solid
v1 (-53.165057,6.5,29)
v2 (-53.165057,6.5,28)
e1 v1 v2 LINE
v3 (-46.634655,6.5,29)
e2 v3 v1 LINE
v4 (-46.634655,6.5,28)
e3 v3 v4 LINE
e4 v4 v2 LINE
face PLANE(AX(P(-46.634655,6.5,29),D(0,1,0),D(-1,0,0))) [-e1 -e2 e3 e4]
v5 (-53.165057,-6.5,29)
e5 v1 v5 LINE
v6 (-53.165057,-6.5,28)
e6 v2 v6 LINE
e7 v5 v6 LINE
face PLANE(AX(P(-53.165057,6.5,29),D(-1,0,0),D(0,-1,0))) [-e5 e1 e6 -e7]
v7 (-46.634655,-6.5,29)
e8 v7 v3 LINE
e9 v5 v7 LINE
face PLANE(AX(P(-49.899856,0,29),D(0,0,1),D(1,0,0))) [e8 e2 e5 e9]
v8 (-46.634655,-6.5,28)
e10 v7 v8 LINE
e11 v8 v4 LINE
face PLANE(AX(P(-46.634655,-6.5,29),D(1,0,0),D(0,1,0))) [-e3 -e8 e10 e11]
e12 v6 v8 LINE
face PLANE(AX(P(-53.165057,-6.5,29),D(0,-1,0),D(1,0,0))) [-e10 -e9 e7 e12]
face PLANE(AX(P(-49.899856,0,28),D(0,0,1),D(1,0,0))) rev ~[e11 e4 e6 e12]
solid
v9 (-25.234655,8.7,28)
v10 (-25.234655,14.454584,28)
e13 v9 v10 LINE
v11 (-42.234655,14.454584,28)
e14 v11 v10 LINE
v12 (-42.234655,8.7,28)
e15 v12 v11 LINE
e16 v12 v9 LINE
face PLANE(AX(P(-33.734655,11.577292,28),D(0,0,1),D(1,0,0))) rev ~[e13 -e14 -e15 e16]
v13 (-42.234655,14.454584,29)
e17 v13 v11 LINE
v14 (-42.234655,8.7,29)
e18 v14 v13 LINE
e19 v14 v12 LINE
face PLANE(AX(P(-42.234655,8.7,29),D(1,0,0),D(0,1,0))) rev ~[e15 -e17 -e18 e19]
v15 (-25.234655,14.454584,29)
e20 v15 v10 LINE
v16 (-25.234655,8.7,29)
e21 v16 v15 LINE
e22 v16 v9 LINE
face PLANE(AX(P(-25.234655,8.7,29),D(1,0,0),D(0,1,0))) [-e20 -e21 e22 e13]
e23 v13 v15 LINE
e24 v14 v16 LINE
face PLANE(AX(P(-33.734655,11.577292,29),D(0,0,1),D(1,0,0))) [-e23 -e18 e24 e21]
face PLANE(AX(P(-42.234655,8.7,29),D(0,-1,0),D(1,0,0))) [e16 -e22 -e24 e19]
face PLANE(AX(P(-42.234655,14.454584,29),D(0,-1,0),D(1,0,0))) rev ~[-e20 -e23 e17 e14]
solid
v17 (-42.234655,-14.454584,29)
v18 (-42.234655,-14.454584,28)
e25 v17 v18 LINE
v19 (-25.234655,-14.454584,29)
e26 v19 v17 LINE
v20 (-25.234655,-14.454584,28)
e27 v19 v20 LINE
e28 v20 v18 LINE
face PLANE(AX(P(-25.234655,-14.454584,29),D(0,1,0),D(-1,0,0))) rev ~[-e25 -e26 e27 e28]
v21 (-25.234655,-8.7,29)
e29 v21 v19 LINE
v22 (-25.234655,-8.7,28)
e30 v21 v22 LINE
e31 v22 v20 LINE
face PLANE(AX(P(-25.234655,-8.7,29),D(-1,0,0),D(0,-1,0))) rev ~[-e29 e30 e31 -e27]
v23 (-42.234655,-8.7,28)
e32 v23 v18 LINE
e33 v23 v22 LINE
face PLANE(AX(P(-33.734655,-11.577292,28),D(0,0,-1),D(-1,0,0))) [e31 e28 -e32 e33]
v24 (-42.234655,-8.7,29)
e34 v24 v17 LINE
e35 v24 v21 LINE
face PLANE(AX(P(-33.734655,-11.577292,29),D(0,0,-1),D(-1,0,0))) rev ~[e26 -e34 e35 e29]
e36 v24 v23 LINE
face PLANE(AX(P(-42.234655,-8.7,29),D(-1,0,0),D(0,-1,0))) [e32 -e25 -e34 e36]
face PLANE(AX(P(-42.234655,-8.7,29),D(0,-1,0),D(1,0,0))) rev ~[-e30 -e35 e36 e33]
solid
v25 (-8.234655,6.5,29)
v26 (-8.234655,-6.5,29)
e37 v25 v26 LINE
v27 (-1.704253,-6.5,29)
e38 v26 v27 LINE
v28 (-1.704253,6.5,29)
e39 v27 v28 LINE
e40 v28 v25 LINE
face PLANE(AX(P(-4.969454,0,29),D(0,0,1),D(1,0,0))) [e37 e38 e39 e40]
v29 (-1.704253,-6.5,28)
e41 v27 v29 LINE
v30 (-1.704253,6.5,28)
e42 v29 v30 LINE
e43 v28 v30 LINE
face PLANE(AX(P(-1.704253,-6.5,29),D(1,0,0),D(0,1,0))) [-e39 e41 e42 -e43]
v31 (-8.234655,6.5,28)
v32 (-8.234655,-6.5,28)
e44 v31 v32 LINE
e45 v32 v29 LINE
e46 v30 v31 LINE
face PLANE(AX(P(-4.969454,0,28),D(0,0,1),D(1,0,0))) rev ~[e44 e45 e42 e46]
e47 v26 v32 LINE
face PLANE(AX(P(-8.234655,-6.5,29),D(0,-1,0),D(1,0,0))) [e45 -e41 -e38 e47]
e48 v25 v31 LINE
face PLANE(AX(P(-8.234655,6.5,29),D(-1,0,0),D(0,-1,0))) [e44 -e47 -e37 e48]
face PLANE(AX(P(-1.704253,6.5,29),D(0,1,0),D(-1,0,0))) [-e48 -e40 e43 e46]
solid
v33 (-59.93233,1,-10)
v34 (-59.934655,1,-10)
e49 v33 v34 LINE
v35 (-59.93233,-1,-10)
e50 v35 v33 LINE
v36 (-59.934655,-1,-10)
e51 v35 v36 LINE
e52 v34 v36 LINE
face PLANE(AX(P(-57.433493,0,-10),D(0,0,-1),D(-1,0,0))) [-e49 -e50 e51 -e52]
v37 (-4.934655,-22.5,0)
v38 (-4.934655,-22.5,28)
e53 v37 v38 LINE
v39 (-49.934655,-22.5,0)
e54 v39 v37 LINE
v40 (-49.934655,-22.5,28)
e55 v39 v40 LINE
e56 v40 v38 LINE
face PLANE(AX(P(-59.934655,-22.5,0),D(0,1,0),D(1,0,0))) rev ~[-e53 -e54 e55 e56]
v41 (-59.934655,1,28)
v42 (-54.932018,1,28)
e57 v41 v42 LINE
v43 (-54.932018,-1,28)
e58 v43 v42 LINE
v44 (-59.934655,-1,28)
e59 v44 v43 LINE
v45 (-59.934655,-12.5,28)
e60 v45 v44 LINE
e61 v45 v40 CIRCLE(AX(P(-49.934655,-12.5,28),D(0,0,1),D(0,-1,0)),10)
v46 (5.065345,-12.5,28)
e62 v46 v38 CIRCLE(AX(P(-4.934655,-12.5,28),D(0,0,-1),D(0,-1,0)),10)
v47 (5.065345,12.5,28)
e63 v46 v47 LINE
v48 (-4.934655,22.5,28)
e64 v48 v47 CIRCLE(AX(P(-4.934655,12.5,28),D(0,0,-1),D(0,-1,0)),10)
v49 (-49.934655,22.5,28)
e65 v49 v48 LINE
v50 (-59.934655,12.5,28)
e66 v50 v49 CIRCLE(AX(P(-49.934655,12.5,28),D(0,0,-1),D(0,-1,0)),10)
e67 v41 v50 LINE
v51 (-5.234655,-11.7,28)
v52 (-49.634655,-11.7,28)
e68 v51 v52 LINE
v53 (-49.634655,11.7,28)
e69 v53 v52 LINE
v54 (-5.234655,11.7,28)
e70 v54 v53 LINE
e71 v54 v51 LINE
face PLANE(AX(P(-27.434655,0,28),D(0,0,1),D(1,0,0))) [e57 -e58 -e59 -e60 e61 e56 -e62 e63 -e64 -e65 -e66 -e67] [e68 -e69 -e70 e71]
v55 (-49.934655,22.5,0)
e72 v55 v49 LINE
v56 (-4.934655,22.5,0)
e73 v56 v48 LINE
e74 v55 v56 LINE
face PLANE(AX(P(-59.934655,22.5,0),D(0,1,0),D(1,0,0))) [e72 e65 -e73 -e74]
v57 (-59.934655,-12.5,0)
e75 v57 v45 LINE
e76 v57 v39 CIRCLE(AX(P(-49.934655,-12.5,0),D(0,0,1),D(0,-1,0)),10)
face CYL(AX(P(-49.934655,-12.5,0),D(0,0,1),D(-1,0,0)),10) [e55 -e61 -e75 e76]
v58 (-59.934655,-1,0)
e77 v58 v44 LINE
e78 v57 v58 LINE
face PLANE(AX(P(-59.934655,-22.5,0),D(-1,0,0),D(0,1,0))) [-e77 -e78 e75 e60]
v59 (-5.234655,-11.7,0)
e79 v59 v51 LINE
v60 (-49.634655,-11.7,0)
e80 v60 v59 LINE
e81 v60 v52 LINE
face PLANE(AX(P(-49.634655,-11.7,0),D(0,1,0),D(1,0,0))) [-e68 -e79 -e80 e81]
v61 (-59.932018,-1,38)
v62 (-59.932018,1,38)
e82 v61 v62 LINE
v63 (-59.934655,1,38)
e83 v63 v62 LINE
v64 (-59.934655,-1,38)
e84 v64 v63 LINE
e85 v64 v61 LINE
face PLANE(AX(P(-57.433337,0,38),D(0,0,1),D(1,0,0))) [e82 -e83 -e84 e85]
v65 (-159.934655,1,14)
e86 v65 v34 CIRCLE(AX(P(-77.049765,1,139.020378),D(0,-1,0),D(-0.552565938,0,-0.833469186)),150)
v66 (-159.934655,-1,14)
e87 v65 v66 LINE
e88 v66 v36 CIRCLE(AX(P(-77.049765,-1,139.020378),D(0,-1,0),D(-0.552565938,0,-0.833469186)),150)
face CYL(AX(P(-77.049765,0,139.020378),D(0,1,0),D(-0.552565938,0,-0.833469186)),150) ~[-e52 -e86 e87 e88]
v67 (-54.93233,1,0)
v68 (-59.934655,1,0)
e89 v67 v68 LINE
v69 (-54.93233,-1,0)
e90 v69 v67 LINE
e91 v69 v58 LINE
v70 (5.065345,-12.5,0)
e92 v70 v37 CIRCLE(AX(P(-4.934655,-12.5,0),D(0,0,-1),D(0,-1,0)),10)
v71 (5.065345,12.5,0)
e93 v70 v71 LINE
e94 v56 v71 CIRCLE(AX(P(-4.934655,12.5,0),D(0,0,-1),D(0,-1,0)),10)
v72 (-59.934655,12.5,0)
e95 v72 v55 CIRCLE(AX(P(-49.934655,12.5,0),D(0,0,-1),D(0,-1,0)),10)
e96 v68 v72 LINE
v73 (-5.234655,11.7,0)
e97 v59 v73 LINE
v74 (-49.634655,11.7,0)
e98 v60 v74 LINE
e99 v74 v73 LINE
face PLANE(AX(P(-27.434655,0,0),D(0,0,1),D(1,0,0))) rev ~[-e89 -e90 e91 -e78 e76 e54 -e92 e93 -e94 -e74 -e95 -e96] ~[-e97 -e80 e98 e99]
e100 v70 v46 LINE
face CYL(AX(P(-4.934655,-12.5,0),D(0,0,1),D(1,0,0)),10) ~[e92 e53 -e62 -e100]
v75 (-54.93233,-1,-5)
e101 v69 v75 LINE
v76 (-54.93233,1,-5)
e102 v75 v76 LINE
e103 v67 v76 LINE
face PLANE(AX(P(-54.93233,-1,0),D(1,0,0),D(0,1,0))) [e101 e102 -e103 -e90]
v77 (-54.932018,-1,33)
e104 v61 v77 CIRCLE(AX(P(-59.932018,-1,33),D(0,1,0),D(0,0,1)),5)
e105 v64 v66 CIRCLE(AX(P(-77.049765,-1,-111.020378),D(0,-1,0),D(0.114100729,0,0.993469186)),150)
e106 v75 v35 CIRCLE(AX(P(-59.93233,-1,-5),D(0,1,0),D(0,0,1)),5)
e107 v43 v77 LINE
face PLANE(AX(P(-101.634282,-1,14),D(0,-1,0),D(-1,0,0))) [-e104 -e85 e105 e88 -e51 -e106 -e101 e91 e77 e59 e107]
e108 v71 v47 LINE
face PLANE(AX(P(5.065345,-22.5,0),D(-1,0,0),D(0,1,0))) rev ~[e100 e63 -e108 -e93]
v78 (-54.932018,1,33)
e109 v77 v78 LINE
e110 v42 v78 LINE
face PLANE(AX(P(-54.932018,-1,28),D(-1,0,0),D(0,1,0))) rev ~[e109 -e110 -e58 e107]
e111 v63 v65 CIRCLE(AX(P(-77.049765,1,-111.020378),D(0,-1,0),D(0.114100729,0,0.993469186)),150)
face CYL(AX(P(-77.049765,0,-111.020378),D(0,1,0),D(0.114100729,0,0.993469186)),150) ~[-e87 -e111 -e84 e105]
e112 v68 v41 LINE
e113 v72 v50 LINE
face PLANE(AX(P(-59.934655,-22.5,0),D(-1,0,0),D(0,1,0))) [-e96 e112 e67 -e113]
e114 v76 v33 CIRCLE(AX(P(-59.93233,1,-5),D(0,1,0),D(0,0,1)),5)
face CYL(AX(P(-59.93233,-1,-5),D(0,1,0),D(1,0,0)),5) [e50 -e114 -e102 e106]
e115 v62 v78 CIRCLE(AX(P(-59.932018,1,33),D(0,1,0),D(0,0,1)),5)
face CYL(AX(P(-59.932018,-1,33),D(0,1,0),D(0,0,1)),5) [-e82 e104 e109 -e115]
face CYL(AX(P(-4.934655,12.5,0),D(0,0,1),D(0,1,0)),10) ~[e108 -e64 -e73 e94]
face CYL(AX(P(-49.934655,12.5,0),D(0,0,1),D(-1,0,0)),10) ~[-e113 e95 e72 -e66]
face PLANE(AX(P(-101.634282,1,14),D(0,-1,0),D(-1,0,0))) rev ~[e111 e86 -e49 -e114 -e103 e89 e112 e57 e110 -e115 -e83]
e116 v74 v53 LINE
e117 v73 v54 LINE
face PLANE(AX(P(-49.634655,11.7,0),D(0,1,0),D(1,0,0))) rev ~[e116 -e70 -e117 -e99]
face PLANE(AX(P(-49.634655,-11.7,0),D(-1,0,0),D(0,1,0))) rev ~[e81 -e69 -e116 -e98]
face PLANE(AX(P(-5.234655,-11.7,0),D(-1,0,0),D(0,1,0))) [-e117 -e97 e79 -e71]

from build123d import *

# Parameters (mm, degrees)
SKETCH_1_W           = 65
SKETCH_1_H           = 45
EXTRUDE_1_DEPTH      = 28
SKETCH_2_W           = 44.4
SKETCH_2_H           = 23.4
CUT_EXTRUDE_1_DEPTH  = 39
FILLET_1_R           = 10
FILLET_2_R           = 10
FILLET_3_R           = 10
FILLET_4_R           = 10
EXTRUDE_6_DEPTH      = 1
EXTRUDE_6_2_DEPTH    = 1
EXTRUDE_6_3_DEPTH    = 1
SKETCH_10_W          = 17
SKETCH_10_H          = 5.754584259
EXTRUDE_6_4_DEPTH    = 1
SKETCH_20_W          = 5.002637397
SKETCH_20_H          = 2
EXTRUDE_7_DEPTH      = 10
SKETCH_21_W          = 5.00232547
SKETCH_21_H          = 2
EXTRUDE_8_DEPTH      = 10
EXTRUDE_9_DEPTH      = 1
EXTRUDE_9_DEPTH_BACK = 1
FILLET_5_R           = 5
FILLET_6_R           = 5


with BuildPart() as part:
    # 草圖1 → 填料-伸長1 (new body)
    with BuildSketch(Plane.XY):
        with Locations((-27.434655272, 0)):
            Rectangle(SKETCH_1_W, SKETCH_1_H)
    extrude(amount=EXTRUDE_1_DEPTH)

    # 草圖2 → 除料-伸長1 (cut)
    with BuildSketch(Plane.XY):
        with Locations((-27.434655272, 0)):
            Rectangle(SKETCH_2_W, SKETCH_2_H)
    extrude(amount=CUT_EXTRUDE_1_DEPTH, mode=Mode.SUBTRACT)

    # 圓角1
    fillet_1_edges = [part.edges().sort_by_distance(p)[0] for p in [
        (-59.934655272, -22.5, 14),
    ]]
    fillet(fillet_1_edges, radius=FILLET_1_R)

    # 圓角2
    fillet_2_edges = [part.edges().sort_by_distance(p)[0] for p in [
        (-59.934655272, 22.5, 14),
    ]]
    fillet(fillet_2_edges, radius=FILLET_2_R)

    # 圓角3
    fillet_3_edges = [part.edges().sort_by_distance(p)[0] for p in [
        (5.065344728, 22.5, 14),
    ]]
    fillet(fillet_3_edges, radius=FILLET_3_R)

    # 圓角4
    fillet_4_edges = [part.edges().sort_by_distance(p)[0] for p in [
        (5.065344728, -22.5, 14),
    ]]
    fillet(fillet_4_edges, radius=FILLET_4_R)

    # 草圖20 → 填料-伸長7 (add)
    with BuildSketch(Plane.XY.offset(28)):
        with Locations((-57.433336574, 0)):
            Rectangle(SKETCH_20_W, SKETCH_20_H)
    extrude(amount=EXTRUDE_7_DEPTH)

    # 草圖21 → 填料-伸長8 (add)
    with BuildSketch(Plane(origin=(0, 0, 0), x_dir=(-1, 0, 0), z_dir=(0, 0, -1))):
        with Locations((57.433492537, 0)):
            Rectangle(SKETCH_21_W, SKETCH_21_H)
    extrude(amount=EXTRUDE_8_DEPTH)

    # 草圖22 → 填料-伸長9 (add, two sides)
    with BuildSketch(Plane(origin=(0, 0, 0), x_dir=(1, 0, 0), z_dir=(0, 1, 0))) as extrude_9_sk:
        with BuildLine():
            Line((-59.934655272, 10), (-59.934655272, -38))
            ThreePointArc((-59.934655272, -38), (-112.055707444, -34.837717383), (-159.934655272, -14))
            ThreePointArc((-159.934655272, -14), (-112.055707444, 6.837717383), (-59.934655272, 10))
        make_face()
    extrude(amount=EXTRUDE_9_DEPTH)
    extrude(extrude_9_sk.sketch, amount=-EXTRUDE_9_DEPTH_BACK)

    # 圓角5
    fillet_5_edges = [part.edges().sort_by_distance(p)[0] for p in [
        (-54.932329802, 0, -10),
    ]]
    fillet(fillet_5_edges, radius=FILLET_5_R)

    # 圓角6
    fillet_6_edges = [part.edges().sort_by_distance(p)[0] for p in [
        (-54.932017875, 0, 38),
    ]]
    fillet(fillet_6_edges, radius=FILLET_6_R)


with BuildPart() as body_2:
    # 草圖10 → 填料-伸長6 (new body)
    with BuildSketch(Plane.XY.offset(29)):
        Polygon((-49.634655272, 6.5), (-53.165057103, 6.5), (-53.165057103, -6.5), (-46.634655272, -6.5), (-46.634655272, 6.5), align=None)
    extrude(amount=-EXTRUDE_6_DEPTH)


with BuildPart() as body_3:
    # 草圖10 → Extrude 6 2 (new body)
    with BuildSketch(Plane.XY.offset(29)):
        Polygon((-42.234655272, -11.7), (-42.234655272, -8.7), (-25.234655272, -8.7), (-25.234655272, -14.454584259), (-42.234655272, -14.454584259), align=None)
    extrude(amount=-EXTRUDE_6_2_DEPTH)


with BuildPart() as body_4:
    # 草圖10 → Extrude 6 3 (new body)
    with BuildSketch(Plane.XY.offset(29)):
        Polygon((-8.234655272, 6.5), (-8.234655272, -6.5), (-5.234655272, -6.5), (-1.70425344, -6.5), (-1.70425344, 6.5), align=None)
    extrude(amount=-EXTRUDE_6_3_DEPTH)


with BuildPart() as body_5:
    # 草圖10 → Extrude 6 4 (new body)
    with BuildSketch(Plane.XY.offset(29)):
        with Locations((-33.734655272, 11.57729213)):
            Rectangle(SKETCH_10_W, SKETCH_10_H)
    extrude(amount=-EXTRUDE_6_4_DEPTH)


solid = Compound([part.part, body_2.part, body_3.part, body_4.part, body_5.part])
